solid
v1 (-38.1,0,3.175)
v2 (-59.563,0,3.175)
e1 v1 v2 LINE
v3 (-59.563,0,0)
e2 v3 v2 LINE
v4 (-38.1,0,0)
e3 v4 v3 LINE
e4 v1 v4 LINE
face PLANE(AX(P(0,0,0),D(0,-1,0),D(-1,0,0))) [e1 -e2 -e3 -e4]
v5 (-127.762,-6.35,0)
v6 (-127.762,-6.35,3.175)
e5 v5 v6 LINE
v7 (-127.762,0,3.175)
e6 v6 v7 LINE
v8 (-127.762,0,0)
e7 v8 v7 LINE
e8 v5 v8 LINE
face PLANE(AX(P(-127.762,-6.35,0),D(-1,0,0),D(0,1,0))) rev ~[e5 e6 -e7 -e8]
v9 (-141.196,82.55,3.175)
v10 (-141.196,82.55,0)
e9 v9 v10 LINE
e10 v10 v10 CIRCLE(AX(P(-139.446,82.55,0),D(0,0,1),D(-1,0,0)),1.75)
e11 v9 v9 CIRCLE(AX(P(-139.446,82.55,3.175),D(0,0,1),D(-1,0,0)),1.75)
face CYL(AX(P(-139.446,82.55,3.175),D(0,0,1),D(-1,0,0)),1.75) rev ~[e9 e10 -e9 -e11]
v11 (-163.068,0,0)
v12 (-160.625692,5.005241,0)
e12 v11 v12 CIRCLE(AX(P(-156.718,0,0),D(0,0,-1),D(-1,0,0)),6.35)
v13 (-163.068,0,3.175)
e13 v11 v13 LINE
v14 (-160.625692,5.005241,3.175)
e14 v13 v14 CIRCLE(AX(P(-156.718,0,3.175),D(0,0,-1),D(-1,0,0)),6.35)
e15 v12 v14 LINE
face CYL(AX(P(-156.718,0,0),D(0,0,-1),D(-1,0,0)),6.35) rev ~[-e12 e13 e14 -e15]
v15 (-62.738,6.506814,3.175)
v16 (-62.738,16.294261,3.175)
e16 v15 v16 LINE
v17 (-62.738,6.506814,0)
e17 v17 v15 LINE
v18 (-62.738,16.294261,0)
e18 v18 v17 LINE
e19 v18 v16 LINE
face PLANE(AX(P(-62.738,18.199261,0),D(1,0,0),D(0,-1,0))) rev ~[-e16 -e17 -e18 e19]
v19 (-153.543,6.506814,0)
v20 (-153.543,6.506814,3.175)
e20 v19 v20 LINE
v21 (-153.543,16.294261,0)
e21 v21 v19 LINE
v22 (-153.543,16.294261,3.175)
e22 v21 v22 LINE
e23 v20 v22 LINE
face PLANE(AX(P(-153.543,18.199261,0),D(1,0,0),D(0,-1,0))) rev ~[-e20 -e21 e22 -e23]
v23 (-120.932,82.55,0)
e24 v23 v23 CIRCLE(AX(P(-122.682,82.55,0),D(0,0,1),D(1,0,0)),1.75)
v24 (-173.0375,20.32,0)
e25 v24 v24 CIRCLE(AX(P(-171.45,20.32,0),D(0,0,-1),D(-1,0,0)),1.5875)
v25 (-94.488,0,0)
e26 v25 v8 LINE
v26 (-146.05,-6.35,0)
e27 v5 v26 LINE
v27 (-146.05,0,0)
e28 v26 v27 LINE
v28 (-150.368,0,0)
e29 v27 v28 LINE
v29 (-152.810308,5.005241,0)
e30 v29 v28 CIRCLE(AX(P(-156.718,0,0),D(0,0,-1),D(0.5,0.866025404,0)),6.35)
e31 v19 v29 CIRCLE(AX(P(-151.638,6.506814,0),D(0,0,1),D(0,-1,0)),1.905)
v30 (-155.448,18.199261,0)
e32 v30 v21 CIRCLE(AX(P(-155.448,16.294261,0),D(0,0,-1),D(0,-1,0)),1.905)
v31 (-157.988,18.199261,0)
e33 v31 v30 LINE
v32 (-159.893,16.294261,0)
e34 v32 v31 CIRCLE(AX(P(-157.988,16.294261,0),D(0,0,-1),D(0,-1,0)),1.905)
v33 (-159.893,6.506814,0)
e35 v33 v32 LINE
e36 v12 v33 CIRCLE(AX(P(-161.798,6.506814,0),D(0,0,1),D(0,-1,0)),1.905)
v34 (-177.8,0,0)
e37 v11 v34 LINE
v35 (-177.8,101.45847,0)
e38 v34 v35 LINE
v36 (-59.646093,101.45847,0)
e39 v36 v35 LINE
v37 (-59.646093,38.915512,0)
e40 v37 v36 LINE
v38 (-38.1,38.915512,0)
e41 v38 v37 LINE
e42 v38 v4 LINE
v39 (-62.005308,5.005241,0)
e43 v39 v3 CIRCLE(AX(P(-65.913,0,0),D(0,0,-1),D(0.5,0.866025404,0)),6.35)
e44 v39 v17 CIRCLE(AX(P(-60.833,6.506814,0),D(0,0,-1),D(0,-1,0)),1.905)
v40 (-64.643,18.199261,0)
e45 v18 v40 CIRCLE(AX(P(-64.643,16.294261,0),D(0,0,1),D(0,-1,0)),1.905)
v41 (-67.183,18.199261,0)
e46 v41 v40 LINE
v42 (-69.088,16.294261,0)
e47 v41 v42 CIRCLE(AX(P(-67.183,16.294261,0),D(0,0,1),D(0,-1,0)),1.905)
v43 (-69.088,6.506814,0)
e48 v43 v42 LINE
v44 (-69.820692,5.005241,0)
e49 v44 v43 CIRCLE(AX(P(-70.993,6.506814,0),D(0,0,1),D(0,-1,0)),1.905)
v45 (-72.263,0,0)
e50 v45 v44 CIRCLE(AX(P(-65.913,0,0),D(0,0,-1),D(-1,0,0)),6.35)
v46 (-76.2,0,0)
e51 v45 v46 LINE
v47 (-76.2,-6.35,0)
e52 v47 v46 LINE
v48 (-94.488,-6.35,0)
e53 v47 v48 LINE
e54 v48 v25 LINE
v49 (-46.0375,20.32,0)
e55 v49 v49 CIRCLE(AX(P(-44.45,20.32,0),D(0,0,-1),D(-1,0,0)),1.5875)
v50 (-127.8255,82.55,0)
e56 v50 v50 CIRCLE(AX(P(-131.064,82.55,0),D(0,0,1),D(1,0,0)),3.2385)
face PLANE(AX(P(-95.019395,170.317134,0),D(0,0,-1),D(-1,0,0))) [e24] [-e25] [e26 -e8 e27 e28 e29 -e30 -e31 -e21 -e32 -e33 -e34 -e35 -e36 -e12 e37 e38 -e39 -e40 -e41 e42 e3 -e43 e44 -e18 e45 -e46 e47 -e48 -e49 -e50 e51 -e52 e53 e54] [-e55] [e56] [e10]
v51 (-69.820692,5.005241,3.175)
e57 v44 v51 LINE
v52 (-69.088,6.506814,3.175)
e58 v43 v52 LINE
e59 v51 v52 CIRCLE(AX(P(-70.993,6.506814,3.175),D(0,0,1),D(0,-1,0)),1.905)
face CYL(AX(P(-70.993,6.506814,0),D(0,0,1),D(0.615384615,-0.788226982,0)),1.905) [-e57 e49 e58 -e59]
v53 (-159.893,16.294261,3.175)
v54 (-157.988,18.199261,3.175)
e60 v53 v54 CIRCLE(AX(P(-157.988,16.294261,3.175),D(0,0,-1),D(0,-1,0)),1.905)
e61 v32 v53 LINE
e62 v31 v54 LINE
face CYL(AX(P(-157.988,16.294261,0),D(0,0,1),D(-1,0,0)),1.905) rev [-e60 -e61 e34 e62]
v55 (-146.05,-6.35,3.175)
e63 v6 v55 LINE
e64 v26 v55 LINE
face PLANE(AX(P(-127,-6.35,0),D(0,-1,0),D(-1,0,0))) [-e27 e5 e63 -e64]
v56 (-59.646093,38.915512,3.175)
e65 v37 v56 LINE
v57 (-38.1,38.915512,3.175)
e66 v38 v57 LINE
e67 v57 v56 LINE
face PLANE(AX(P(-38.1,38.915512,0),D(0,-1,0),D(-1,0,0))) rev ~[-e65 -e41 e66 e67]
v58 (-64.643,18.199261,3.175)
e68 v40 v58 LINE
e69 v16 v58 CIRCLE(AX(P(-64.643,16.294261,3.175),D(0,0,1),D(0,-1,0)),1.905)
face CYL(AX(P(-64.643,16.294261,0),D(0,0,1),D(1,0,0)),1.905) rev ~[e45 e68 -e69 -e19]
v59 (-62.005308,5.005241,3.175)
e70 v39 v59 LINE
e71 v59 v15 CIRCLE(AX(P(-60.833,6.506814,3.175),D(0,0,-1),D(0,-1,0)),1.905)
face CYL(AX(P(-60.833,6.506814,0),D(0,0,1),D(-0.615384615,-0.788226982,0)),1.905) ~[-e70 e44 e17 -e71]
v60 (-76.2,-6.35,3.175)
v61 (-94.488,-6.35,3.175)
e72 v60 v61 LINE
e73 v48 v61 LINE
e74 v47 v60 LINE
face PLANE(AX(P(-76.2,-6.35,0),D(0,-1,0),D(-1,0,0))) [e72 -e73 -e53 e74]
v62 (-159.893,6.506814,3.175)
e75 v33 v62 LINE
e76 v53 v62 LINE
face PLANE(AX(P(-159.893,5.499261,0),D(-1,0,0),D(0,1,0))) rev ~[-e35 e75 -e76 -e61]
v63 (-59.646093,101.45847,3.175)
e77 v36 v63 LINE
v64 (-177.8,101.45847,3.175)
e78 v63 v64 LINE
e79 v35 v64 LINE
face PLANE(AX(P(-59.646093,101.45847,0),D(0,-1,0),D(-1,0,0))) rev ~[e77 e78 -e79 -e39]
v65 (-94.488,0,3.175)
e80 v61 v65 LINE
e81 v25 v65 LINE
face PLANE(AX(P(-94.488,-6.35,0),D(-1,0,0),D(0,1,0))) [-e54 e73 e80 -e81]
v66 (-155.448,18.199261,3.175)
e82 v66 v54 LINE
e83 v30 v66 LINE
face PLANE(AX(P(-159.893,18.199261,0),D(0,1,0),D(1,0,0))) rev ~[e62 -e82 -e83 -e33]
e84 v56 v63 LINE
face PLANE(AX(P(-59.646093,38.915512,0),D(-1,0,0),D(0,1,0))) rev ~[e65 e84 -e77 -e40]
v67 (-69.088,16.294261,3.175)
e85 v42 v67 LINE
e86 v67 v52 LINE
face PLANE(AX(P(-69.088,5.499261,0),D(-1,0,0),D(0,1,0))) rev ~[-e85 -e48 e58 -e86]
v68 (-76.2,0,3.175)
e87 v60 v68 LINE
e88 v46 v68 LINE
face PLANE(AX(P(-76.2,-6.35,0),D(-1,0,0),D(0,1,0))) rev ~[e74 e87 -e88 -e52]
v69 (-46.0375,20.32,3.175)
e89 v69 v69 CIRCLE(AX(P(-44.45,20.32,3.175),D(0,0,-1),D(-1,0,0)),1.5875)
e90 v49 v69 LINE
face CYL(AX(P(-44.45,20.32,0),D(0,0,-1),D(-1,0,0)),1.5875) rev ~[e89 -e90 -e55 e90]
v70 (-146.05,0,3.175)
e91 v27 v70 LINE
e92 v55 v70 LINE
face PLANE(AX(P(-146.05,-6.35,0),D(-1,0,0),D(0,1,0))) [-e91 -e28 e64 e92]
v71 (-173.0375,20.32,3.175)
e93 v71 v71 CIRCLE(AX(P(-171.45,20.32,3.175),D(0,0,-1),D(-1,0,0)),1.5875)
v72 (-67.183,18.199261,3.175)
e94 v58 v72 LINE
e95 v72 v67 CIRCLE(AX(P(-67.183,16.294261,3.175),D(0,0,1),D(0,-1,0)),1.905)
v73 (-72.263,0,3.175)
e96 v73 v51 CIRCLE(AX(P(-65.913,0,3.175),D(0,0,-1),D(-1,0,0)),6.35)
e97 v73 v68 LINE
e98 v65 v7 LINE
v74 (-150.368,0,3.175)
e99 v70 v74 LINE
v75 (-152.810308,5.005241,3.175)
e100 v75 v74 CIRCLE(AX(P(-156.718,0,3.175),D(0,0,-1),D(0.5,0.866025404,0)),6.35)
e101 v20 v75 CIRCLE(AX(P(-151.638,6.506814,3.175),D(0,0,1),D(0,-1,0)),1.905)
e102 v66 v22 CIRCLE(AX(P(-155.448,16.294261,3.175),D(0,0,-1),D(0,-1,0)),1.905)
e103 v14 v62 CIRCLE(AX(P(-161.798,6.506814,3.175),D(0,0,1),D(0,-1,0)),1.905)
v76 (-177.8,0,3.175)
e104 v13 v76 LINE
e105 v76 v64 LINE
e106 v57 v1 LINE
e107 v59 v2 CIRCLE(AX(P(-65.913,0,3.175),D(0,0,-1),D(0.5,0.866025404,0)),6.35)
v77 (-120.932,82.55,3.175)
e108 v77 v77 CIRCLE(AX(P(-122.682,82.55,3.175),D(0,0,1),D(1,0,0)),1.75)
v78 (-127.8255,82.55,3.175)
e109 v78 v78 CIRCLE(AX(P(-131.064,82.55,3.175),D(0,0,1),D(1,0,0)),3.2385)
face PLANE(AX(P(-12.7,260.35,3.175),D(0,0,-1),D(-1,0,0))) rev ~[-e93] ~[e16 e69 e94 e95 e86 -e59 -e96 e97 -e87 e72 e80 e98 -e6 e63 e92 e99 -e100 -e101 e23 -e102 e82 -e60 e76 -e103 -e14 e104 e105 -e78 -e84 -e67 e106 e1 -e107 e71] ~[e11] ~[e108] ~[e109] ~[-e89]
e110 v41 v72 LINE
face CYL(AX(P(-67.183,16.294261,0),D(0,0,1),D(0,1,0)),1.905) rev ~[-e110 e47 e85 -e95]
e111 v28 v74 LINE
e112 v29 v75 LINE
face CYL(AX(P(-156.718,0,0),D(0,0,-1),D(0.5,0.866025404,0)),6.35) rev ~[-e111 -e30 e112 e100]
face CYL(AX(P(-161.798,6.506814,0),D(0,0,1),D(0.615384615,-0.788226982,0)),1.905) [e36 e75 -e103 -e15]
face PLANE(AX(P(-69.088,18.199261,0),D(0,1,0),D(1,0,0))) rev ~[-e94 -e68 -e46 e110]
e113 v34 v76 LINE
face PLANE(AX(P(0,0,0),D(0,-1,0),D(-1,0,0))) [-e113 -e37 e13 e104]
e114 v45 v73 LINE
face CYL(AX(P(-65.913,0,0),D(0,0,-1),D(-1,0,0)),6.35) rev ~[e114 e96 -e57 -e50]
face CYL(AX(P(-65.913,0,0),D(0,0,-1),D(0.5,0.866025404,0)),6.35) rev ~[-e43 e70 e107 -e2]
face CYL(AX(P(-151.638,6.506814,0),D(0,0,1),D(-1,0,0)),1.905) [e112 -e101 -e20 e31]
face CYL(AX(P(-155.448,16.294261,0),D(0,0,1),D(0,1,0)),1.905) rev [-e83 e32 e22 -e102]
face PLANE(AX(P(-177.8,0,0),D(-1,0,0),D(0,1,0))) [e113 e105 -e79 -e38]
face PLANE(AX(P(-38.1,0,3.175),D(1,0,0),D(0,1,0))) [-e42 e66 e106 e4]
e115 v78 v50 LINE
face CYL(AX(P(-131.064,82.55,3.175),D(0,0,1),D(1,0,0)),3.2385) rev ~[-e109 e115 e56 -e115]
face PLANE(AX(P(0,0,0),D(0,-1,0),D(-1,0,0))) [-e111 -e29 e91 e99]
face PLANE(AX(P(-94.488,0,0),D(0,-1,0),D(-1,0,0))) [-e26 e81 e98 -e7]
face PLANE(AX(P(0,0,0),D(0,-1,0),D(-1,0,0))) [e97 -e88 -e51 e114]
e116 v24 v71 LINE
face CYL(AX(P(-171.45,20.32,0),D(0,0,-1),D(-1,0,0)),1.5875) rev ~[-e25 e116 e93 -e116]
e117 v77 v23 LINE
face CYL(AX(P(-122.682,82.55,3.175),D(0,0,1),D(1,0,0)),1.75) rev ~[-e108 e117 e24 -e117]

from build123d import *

# Parameters (mm, degrees)
BOSS_EXTRUDE1_DEPTH = 3.175
SKETCH2_R           = 1.5875
CUT_EXTRUDE1_DEPTH  = 3.175
BOSS_EXTRUDE2_DEPTH = 3.175
CUT_EXTRUDE2_DEPTH  = 3.175
SKETCH5_W           = 1.5875
SKETCH5_H           = 12.7
CUT_EXTRUDE3_DEPTH  = 10.16
LPATTERN1_COUNT     = 2
LPATTERN1_PITCH     = 25.4
SKETCH8_W           = 38.1
SKETCH8_H           = 46.355
CUT_EXTRUDE6_DEPTH  = 12.7
SKETCH10_R          = 1.5875
CUT_EXTRUDE7_DEPTH  = 7.62
CUT_EXTRUDE8_DEPTH  = 12.7
FILLET1_R           = 25.4
SKETCH13_W          = 25.4
SKETCH13_H          = 177.8
BOSS_EXTRUDE3_DEPTH = 3.175
LPATTERN2_COUNT     = 2
LPATTERN2_PITCH     = 76.2
SKETCH14_W          = 19.05
SKETCH14_H          = 6.35
BOSS_EXTRUDE4_DEPTH = 3.175
FILLET2_R           = 1.905
CUT_EXTRUDE9_DEPTH  = 392.916423648
SKETCH16_R          = 3.2385
CUT_EXTRUDE10_DEPTH = 205.735785414
SKETCH17_R          = 1.75
CUT_EXTRUDE11_DEPTH = 205.735785414
SKETCH18_W          = 33.274
SKETCH18_H          = 6.35
CUT_EXTRUDE12_DEPTH = 205.735785414


with BuildPart() as part:
    # Sketch1 → Boss-Extrude1 (new body)
    with BuildSketch(Plane.XY):
        Polygon((0, 0), (-177.8, 0), (-177.8, 349.25), (-25.4, 349.25), align=None)
    extrude(amount=BOSS_EXTRUDE1_DEPTH)

    # Sketch2 → Cut-Extrude1 (cut)
    with BuildSketch(Plane.XY.offset(3.175)):
        with Locations((-127, 133.35)):
            Circle(SKETCH2_R)
        with Locations((-127, 306.07)):
            Circle(SKETCH2_R)
    extrude(amount=-CUT_EXTRUDE1_DEPTH, mode=Mode.SUBTRACT)

    # Sketch3 → Boss-Extrude2 (add)
    with BuildSketch(Plane.XY.offset(3.175)):
        Polygon((-63.5, 88.9), (63.5, 111.29352655), (63.5, 187.49352655), (-63.5, 187.49352655), align=None)
    extrude(amount=-BOSS_EXTRUDE2_DEPTH)

    # Sketch4 → Cut-Extrude2 (cut)
    with BuildSketch(Plane.XY.offset(3.175)):
        Polygon((-44.45, 110.49), (-31.942941537, 112.695331856), (-32.494274501, 115.822096472), (-45.001332964, 113.616764616), align=None)
        Polygon((-6.92882461, 117.105995569), (5.578233853, 119.311327425), (5.026900889, 122.438092041), (-7.480157574, 120.232760185), align=None)
    cut_extrude2 = extrude(amount=-CUT_EXTRUDE2_DEPTH, mode=Mode.SUBTRACT)

    # Sketch5 → Cut-Extrude3 (cut)
    with BuildSketch(Plane.XY.offset(3.175)):
        with Locations((-126.20625, 209.55)):
            Rectangle(SKETCH5_W, SKETCH5_H)
        with Locations((-127.79375, 209.55)):
            Rectangle(SKETCH5_W, SKETCH5_H)
    cut_extrude3 = extrude(amount=-CUT_EXTRUDE3_DEPTH, mode=Mode.SUBTRACT)

    # LPattern1: Cut-Extrude3 ×2
    with Locations(*[(0, i * LPATTERN1_PITCH, 0) for i in range(1, LPATTERN1_COUNT)]):
        add(cut_extrude3, mode=Mode.SUBTRACT)

    # Sketch8 → Cut-Extrude6 (cut)
    with BuildSketch(Plane.XY.offset(3.175)):
        with Locations((-19.05, 23.1775)):
            Rectangle(SKETCH8_W, SKETCH8_H)
    extrude(amount=-CUT_EXTRUDE6_DEPTH, mode=Mode.SUBTRACT)

    # Sketch10 → Cut-Extrude7 (cut)
    with BuildSketch(Plane(origin=(0, 0, 0), x_dir=(-1, 0, 0), z_dir=(0, 0, -1))):
        with Locations((171.45, 20.32)):
            Circle(SKETCH10_R)
        with Locations((44.45, 20.32)):
            Circle(SKETCH10_R)
    extrude(amount=-CUT_EXTRUDE7_DEPTH, mode=Mode.SUBTRACT)

    # Sketch11 → Cut-Extrude8 (cut)
    with BuildSketch(Plane(origin=(0, 0, 0), x_dir=(-1, 0, 0), z_dir=(0, 0, -1))):
        with BuildLine():
            Line((62.738, 18.199261314), (62.738, 5.499261314))
            ThreePointArc((62.738, 5.499261314), (65.913, 6.35), (69.088, 5.499261314))
            Line((69.088, 5.499261314), (69.088, 18.199261314))
            Line((69.088, 18.199261314), (62.738, 18.199261314))
        make_face()
        with BuildLine():
            Line((69.088, 5.499261314), (62.738, 5.499261314))
            ThreePointArc((62.738, 5.499261314), (60.413738686, 3.175), (59.563, 0))
            Line((59.563, 0), (72.263, 0))
            ThreePointArc((72.263, 0), (71.412261314, 3.175), (69.088, 5.499261314))
        make_face()
        with BuildLine():
            ThreePointArc((153.543, 5.499261314), (151.218738686, 3.175), (150.368, 0))
            Line((150.368, 0), (163.068, 0))
            ThreePointArc((163.068, 0), (162.217261314, 3.175), (159.893, 5.499261314))
            Line((159.893, 5.499261314), (153.543, 5.499261314))
        make_face()
        with BuildLine():
            Line((153.543, 18.199261314), (153.543, 5.499261314))
            ThreePointArc((153.543, 5.499261314), (156.718, 6.35), (159.893, 5.499261314))
            Line((159.893, 5.499261314), (159.893, 18.199261314))
            Line((159.893, 18.199261314), (153.543, 18.199261314))
        make_face()
        with BuildLine():
            ThreePointArc((159.893, 5.499261314), (156.718, 6.35), (153.543, 5.499261314))
            Line((153.543, 5.499261314), (159.893, 5.499261314))
        make_face()
    extrude(amount=-CUT_EXTRUDE8_DEPTH, mode=Mode.SUBTRACT)


with BuildPart() as cut_extrude8_kept_piece:
    # of the separate pieces the step leaves, the one the design keeps (cut_extrude8_pieces_kept)
    add(part.part.solids().sort_by_distance((-38.1, 0, 0))[0])

    # Fillet1
    fillet1_edges = [cut_extrude8_kept_piece.edges().sort_by_distance(p)[0] for p in [
        (-38.1, 46.355, 1.5875),
    ]]
    fillet(fillet1_edges, radius=FILLET1_R)

    # Sketch13 → Boss-Extrude3 (add)
    with BuildSketch(Plane(origin=(0, 0, 0), x_dir=(-1, 0, 0), z_dir=(0, 0, -1))):
        with Locations((12.7, 260.35)):
            Rectangle(SKETCH13_W, SKETCH13_H)
    extrude(amount=-BOSS_EXTRUDE3_DEPTH)

    # LPattern2: Cut-Extrude2 ×2
    with Locations(*[Vector(0.9848077530122078, 0.17364817766693205, 0) * (i * LPATTERN2_PITCH) for i in range(1, LPATTERN2_COUNT)]):
        add(cut_extrude2, mode=Mode.SUBTRACT)

    # Sketch14 → Boss-Extrude4 (add)
    with BuildSketch(Plane(origin=(0, 0, 0), x_dir=(-1, 0, 0), z_dir=(0, 0, -1))):
        with Locations((85.725, -3.175)):
            Rectangle(SKETCH14_W, SKETCH14_H)
        with Locations((136.525, -3.175)):
            Rectangle(SKETCH14_W, SKETCH14_H)
    extrude(amount=-BOSS_EXTRUDE4_DEPTH)

    # Fillet2
    fillet2_edges = [cut_extrude8_kept_piece.edges().sort_by_distance(p)[0] for p in [
        (-153.543, 5.499261314, 1.5875),
        (-153.543, 18.199261314, 1.5875),
        (-159.893, 18.199261314, 1.5875),
        (-159.893, 5.499261314, 1.5875),
        (-62.738, 5.499261314, 1.5875),
        (-62.738, 18.199261314, 1.5875),
        (-69.088, 18.199261314, 1.5875),
        (-69.088, 5.499261314, 1.5875),
    ]]
    fillet(fillet2_edges, radius=FILLET2_R)

    # Sketch15 → Cut-Extrude9 (cut, through all)
    with BuildSketch(Plane(origin=(0, 0, 0), x_dir=(-1, 0, 0), z_dir=(0, 0, -1))):
        Polygon((38.1, 20.955), (38.1, 38.915512242), (59.646092876, 38.915512242), (59.646092876, 87.95072106), (59.646092876, 101.458470342), (177.8, 101.458470342), (320.979610432, 349.25), (0, 416.848504921), (-115.466676424, 312.716348385), (-102.18599125, 94.704595701), align=None)
    extrude(amount=-CUT_EXTRUDE9_DEPTH, mode=Mode.SUBTRACT)

    # Sketch16 → Cut-Extrude10 (cut, through all)
    with BuildSketch(Plane.XY.offset(3.175)):
        with Locations((-131.064, 82.55)):
            Circle(SKETCH16_R)
    extrude(amount=-CUT_EXTRUDE10_DEPTH, mode=Mode.SUBTRACT)

    # Sketch17 → Cut-Extrude11 (cut, through all)
    with BuildSketch(Plane.XY.offset(3.175)):
        with Locations((-122.682, 82.55)):
            Circle(SKETCH17_R)
        with Locations(Location((-139.446, 82.55, 0), (0, 0, 180))):
            Circle(SKETCH17_R)
    extrude(amount=-CUT_EXTRUDE11_DEPTH, mode=Mode.SUBTRACT)

    # Sketch18 → Cut-Extrude12 (cut, through all)
    with BuildSketch(Plane(origin=(0, 0, 0), x_dir=(-1, 0, 0), z_dir=(0, 0, -1))):
        with Locations((111.125, -3.175)):
            Rectangle(SKETCH18_W, SKETCH18_H)
    extrude(amount=-CUT_EXTRUDE12_DEPTH, mode=Mode.SUBTRACT)


solid = cut_extrude8_kept_piece.part
